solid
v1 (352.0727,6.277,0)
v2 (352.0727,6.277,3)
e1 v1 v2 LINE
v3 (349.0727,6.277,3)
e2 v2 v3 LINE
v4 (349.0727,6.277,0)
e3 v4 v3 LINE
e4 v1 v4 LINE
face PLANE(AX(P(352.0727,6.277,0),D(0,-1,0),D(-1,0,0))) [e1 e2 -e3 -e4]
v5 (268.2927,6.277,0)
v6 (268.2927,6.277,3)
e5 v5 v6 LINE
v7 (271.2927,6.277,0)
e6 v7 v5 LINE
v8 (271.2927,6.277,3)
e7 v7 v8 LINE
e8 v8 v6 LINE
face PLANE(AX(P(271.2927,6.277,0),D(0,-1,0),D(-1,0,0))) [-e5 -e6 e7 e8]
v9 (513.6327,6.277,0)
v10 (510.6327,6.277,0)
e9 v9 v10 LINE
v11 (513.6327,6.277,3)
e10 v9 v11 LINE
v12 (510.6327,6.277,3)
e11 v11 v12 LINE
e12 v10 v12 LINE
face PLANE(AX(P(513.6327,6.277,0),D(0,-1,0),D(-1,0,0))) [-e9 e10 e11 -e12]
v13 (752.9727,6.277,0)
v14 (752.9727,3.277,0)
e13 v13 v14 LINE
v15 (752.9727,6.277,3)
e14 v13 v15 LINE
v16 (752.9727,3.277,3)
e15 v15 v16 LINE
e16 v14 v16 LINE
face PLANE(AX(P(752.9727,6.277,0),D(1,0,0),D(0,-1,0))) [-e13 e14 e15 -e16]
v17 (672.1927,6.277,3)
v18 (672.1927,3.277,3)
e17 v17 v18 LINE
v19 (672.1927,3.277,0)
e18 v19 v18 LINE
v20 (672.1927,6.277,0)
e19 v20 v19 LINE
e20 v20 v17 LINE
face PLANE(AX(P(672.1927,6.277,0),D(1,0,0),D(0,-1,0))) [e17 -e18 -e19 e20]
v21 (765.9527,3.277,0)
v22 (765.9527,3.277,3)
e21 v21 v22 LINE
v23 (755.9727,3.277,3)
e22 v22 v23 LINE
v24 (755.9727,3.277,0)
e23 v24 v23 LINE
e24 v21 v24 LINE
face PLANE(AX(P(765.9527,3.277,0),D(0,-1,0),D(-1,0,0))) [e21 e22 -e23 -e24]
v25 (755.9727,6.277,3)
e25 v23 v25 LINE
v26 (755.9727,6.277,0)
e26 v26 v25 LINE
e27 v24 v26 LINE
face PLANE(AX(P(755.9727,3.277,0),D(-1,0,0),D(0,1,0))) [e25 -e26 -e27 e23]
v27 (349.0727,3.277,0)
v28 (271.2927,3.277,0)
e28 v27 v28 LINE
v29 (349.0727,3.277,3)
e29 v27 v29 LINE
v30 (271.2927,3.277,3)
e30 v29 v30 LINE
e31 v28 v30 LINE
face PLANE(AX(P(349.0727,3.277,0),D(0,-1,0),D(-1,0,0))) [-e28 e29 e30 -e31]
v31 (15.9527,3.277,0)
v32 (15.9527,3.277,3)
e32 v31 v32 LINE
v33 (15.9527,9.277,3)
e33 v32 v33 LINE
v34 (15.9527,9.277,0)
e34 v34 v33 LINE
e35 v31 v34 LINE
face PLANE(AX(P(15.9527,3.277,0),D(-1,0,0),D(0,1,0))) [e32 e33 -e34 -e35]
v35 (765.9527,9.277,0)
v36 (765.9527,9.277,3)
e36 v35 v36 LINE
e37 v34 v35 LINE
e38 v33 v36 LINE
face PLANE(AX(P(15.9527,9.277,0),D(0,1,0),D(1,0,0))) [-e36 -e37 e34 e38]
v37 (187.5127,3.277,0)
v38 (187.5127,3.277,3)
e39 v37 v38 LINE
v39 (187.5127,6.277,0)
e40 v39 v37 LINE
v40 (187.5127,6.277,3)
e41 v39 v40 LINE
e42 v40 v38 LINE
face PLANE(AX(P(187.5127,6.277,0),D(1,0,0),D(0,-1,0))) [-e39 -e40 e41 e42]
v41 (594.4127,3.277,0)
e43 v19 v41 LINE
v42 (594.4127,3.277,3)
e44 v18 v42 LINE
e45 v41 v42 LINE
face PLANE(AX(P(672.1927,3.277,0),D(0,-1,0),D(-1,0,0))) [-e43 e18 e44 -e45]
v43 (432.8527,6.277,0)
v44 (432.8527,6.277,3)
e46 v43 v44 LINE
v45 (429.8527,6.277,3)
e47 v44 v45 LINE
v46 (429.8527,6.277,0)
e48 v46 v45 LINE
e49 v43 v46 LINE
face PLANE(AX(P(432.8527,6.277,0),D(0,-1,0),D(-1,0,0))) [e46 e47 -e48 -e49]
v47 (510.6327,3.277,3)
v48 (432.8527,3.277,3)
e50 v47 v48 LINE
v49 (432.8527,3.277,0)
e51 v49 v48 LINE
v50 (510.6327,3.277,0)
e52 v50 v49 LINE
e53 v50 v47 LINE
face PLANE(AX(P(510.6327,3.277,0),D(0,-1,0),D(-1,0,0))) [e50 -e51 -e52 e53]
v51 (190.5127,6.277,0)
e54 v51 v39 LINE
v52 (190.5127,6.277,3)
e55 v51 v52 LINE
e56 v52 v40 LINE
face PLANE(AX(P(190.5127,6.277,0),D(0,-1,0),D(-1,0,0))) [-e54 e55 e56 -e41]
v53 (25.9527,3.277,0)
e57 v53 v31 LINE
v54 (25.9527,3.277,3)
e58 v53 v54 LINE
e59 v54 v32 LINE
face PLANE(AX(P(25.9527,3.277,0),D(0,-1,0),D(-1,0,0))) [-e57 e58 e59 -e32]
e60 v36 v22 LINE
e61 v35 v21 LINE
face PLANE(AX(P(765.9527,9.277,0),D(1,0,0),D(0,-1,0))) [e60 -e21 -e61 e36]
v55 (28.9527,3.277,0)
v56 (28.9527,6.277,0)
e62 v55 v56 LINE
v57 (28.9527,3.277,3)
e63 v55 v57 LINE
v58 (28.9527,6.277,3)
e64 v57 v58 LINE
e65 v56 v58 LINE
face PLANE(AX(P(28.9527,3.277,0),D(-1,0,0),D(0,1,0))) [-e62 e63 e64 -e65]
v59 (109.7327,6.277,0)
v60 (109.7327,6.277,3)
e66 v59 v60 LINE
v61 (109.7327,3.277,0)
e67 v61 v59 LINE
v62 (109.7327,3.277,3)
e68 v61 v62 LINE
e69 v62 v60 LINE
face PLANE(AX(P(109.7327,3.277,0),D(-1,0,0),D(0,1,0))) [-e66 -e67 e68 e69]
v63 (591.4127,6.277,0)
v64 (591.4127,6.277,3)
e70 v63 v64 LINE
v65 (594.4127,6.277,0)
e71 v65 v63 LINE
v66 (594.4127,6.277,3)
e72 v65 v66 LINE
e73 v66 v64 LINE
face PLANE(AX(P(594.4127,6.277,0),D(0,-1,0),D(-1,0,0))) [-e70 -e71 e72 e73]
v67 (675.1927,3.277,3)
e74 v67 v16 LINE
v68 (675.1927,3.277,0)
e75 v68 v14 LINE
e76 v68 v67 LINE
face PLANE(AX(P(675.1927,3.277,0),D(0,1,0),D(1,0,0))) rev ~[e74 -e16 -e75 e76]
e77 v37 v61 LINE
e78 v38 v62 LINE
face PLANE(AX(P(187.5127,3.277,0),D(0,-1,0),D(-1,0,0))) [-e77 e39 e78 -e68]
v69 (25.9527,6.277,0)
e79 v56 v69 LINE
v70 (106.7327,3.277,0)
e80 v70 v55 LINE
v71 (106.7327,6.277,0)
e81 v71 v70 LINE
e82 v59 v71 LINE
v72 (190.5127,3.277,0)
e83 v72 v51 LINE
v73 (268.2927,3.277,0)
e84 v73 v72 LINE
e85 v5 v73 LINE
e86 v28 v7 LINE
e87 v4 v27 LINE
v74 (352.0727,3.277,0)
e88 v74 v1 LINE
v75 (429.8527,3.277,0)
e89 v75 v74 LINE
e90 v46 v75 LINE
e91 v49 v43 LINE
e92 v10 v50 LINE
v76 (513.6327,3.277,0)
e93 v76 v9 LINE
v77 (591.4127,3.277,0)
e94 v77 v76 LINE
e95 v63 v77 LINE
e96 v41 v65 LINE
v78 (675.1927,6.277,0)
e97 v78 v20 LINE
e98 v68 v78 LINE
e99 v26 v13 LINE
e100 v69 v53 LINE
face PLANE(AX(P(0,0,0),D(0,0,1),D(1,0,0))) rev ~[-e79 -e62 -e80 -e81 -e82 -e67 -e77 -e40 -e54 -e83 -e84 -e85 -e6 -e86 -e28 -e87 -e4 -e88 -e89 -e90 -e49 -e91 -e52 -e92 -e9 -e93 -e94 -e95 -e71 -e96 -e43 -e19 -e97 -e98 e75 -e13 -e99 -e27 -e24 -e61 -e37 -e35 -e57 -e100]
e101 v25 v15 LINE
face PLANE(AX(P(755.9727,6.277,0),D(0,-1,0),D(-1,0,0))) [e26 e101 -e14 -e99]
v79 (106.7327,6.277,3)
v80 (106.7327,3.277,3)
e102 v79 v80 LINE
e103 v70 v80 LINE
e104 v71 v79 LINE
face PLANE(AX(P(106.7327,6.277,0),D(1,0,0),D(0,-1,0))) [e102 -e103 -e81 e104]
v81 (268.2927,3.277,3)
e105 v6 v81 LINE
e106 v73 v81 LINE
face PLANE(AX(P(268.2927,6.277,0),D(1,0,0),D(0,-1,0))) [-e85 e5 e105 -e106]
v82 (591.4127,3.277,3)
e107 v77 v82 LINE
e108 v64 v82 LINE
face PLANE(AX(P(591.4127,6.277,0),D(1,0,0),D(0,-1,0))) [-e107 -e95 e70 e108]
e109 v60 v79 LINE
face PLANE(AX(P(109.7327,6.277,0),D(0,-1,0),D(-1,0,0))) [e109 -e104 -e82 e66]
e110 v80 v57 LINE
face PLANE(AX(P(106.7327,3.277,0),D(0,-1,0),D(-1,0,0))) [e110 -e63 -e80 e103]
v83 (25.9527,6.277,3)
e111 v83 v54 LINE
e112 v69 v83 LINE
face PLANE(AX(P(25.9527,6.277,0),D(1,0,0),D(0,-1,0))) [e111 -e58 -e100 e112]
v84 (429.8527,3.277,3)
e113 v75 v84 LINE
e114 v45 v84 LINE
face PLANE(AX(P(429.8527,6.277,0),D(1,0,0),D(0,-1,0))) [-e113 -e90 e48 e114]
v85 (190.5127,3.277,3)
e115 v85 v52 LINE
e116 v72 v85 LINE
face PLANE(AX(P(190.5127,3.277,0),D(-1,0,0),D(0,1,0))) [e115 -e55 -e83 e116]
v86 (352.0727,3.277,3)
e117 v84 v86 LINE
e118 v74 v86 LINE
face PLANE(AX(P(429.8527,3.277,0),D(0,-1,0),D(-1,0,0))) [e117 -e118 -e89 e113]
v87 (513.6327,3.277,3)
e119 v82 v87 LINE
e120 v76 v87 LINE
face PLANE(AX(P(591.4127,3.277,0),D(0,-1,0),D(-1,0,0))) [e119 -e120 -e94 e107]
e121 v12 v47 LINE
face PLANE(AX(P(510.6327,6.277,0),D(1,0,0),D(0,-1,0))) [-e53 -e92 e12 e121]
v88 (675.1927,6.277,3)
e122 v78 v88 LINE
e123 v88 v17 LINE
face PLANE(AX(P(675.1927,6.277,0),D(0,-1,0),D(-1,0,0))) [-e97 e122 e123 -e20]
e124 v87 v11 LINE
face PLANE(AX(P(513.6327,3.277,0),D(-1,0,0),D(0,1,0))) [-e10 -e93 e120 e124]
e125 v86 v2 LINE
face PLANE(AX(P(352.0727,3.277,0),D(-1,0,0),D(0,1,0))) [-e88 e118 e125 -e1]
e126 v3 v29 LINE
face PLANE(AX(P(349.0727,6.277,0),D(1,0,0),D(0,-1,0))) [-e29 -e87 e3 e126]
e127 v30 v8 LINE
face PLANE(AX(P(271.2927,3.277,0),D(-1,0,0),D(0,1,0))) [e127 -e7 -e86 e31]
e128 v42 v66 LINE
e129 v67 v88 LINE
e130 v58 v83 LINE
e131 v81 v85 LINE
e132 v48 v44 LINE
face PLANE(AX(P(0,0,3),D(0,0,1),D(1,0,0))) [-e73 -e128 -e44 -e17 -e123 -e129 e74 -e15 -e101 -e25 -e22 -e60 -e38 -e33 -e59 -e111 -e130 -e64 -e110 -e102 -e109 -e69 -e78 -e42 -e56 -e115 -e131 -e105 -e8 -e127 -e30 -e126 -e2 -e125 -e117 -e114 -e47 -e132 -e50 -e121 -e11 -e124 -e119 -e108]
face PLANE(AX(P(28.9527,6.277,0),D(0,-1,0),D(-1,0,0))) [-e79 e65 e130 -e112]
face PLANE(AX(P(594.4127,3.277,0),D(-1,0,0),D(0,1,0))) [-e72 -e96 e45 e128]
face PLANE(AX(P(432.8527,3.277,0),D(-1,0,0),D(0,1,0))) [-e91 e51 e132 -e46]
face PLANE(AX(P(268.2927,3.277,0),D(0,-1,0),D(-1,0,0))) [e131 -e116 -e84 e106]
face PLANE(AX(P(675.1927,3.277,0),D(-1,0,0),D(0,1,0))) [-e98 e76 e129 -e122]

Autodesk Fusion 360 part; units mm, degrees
sketch "Sketch1" plane through (0, 0, 0) normal (0, 0, 1) x (1, 0, 0)
  line L0 (15.9527, 9.277) -> (765.9527, 9.277)
  line L1 (765.9527, 9.277) -> (765.9527, 3.277)
  line L2 (15.9527, 3.277) -> (15.9527, 9.277)
  line L3 (28.9527, 3.277) -> (28.9527, 6.277)
  line L4 (28.9527, 6.277) -> (25.9527, 6.277)
  line L5 (25.9527, 6.277) -> (25.9527, 3.277)
  line L6 (25.9527, 3.277) -> (15.9527, 3.277)
  line L7 (109.7327, 3.277) -> (109.7327, 6.277)
  line L8 (109.7327, 6.277) -> (106.7327, 6.277)
  line L9 (106.7327, 6.277) -> (106.7327, 3.277)
  line L10 (106.7327, 3.277) -> (28.9527, 3.277)
  line L11 (190.5127, 3.277) -> (190.5127, 6.277)
  line L12 (190.5127, 6.277) -> (187.5127, 6.277)
  line L13 (187.5127, 6.277) -> (187.5127, 3.277)
  line L14 (187.5127, 3.277) -> (109.7327, 3.277)
  line L15 (271.2927, 3.277) -> (271.2927, 6.277)
  line L16 (271.2927, 6.277) -> (268.2927, 6.277)
  line L17 (268.2927, 6.277) -> (268.2927, 3.277)
  line L18 (268.2927, 3.277) -> (190.5127, 3.277)
  line L19 (352.0727, 3.277) -> (352.0727, 6.277)
  line L20 (352.0727, 6.277) -> (349.0727, 6.277)
  line L21 (349.0727, 6.277) -> (349.0727, 3.277)
  line L22 (349.0727, 3.277) -> (271.2927, 3.277)
  line L23 (432.8527, 3.277) -> (432.8527, 6.277)
  line L24 (432.8527, 6.277) -> (429.8527, 6.277)
  line L25 (429.8527, 6.277) -> (429.8527, 3.277)
  line L26 (429.8527, 3.277) -> (352.0727, 3.277)
  line L27 (513.6327, 3.277) -> (513.6327, 6.277)
  line L28 (513.6327, 6.277) -> (510.6327, 6.277)
  line L29 (510.6327, 6.277) -> (510.6327, 3.277)
  line L30 (510.6327, 3.277) -> (432.8527, 3.277)
  line L31 (594.4127, 3.277) -> (594.4127, 6.277)
  line L32 (594.4127, 6.277) -> (591.4127, 6.277)
  line L33 (591.4127, 6.277) -> (591.4127, 3.277)
  line L34 (591.4127, 3.277) -> (513.6327, 3.277)
  line L35 (675.1927, 3.277) -> (675.1927, 6.277)
  line L36 (675.1927, 6.277) -> (672.1927, 6.277)
  line L37 (672.1927, 6.277) -> (672.1927, 3.277)
  line L38 (672.1927, 3.277) -> (594.4127, 3.277)
  line L39 (675.1927, 3.277) -> (752.9727, 3.277)
  line L40 (755.9727, 3.277) -> (755.9727, 6.277)
  line L41 (755.9727, 6.277) -> (752.9727, 6.277)
  line L42 (752.9727, 6.277) -> (752.9727, 3.277)
  line L43 (765.9527, 3.277) -> (755.9727, 3.277)
  line L44 (752.9727, 3.277) -> (675.1927, 3.277)
  dimension "d1" = 750
  dimension "d2" = 6
extrude "Extrude1" add sketch "Sketch1" along normal blind 3
